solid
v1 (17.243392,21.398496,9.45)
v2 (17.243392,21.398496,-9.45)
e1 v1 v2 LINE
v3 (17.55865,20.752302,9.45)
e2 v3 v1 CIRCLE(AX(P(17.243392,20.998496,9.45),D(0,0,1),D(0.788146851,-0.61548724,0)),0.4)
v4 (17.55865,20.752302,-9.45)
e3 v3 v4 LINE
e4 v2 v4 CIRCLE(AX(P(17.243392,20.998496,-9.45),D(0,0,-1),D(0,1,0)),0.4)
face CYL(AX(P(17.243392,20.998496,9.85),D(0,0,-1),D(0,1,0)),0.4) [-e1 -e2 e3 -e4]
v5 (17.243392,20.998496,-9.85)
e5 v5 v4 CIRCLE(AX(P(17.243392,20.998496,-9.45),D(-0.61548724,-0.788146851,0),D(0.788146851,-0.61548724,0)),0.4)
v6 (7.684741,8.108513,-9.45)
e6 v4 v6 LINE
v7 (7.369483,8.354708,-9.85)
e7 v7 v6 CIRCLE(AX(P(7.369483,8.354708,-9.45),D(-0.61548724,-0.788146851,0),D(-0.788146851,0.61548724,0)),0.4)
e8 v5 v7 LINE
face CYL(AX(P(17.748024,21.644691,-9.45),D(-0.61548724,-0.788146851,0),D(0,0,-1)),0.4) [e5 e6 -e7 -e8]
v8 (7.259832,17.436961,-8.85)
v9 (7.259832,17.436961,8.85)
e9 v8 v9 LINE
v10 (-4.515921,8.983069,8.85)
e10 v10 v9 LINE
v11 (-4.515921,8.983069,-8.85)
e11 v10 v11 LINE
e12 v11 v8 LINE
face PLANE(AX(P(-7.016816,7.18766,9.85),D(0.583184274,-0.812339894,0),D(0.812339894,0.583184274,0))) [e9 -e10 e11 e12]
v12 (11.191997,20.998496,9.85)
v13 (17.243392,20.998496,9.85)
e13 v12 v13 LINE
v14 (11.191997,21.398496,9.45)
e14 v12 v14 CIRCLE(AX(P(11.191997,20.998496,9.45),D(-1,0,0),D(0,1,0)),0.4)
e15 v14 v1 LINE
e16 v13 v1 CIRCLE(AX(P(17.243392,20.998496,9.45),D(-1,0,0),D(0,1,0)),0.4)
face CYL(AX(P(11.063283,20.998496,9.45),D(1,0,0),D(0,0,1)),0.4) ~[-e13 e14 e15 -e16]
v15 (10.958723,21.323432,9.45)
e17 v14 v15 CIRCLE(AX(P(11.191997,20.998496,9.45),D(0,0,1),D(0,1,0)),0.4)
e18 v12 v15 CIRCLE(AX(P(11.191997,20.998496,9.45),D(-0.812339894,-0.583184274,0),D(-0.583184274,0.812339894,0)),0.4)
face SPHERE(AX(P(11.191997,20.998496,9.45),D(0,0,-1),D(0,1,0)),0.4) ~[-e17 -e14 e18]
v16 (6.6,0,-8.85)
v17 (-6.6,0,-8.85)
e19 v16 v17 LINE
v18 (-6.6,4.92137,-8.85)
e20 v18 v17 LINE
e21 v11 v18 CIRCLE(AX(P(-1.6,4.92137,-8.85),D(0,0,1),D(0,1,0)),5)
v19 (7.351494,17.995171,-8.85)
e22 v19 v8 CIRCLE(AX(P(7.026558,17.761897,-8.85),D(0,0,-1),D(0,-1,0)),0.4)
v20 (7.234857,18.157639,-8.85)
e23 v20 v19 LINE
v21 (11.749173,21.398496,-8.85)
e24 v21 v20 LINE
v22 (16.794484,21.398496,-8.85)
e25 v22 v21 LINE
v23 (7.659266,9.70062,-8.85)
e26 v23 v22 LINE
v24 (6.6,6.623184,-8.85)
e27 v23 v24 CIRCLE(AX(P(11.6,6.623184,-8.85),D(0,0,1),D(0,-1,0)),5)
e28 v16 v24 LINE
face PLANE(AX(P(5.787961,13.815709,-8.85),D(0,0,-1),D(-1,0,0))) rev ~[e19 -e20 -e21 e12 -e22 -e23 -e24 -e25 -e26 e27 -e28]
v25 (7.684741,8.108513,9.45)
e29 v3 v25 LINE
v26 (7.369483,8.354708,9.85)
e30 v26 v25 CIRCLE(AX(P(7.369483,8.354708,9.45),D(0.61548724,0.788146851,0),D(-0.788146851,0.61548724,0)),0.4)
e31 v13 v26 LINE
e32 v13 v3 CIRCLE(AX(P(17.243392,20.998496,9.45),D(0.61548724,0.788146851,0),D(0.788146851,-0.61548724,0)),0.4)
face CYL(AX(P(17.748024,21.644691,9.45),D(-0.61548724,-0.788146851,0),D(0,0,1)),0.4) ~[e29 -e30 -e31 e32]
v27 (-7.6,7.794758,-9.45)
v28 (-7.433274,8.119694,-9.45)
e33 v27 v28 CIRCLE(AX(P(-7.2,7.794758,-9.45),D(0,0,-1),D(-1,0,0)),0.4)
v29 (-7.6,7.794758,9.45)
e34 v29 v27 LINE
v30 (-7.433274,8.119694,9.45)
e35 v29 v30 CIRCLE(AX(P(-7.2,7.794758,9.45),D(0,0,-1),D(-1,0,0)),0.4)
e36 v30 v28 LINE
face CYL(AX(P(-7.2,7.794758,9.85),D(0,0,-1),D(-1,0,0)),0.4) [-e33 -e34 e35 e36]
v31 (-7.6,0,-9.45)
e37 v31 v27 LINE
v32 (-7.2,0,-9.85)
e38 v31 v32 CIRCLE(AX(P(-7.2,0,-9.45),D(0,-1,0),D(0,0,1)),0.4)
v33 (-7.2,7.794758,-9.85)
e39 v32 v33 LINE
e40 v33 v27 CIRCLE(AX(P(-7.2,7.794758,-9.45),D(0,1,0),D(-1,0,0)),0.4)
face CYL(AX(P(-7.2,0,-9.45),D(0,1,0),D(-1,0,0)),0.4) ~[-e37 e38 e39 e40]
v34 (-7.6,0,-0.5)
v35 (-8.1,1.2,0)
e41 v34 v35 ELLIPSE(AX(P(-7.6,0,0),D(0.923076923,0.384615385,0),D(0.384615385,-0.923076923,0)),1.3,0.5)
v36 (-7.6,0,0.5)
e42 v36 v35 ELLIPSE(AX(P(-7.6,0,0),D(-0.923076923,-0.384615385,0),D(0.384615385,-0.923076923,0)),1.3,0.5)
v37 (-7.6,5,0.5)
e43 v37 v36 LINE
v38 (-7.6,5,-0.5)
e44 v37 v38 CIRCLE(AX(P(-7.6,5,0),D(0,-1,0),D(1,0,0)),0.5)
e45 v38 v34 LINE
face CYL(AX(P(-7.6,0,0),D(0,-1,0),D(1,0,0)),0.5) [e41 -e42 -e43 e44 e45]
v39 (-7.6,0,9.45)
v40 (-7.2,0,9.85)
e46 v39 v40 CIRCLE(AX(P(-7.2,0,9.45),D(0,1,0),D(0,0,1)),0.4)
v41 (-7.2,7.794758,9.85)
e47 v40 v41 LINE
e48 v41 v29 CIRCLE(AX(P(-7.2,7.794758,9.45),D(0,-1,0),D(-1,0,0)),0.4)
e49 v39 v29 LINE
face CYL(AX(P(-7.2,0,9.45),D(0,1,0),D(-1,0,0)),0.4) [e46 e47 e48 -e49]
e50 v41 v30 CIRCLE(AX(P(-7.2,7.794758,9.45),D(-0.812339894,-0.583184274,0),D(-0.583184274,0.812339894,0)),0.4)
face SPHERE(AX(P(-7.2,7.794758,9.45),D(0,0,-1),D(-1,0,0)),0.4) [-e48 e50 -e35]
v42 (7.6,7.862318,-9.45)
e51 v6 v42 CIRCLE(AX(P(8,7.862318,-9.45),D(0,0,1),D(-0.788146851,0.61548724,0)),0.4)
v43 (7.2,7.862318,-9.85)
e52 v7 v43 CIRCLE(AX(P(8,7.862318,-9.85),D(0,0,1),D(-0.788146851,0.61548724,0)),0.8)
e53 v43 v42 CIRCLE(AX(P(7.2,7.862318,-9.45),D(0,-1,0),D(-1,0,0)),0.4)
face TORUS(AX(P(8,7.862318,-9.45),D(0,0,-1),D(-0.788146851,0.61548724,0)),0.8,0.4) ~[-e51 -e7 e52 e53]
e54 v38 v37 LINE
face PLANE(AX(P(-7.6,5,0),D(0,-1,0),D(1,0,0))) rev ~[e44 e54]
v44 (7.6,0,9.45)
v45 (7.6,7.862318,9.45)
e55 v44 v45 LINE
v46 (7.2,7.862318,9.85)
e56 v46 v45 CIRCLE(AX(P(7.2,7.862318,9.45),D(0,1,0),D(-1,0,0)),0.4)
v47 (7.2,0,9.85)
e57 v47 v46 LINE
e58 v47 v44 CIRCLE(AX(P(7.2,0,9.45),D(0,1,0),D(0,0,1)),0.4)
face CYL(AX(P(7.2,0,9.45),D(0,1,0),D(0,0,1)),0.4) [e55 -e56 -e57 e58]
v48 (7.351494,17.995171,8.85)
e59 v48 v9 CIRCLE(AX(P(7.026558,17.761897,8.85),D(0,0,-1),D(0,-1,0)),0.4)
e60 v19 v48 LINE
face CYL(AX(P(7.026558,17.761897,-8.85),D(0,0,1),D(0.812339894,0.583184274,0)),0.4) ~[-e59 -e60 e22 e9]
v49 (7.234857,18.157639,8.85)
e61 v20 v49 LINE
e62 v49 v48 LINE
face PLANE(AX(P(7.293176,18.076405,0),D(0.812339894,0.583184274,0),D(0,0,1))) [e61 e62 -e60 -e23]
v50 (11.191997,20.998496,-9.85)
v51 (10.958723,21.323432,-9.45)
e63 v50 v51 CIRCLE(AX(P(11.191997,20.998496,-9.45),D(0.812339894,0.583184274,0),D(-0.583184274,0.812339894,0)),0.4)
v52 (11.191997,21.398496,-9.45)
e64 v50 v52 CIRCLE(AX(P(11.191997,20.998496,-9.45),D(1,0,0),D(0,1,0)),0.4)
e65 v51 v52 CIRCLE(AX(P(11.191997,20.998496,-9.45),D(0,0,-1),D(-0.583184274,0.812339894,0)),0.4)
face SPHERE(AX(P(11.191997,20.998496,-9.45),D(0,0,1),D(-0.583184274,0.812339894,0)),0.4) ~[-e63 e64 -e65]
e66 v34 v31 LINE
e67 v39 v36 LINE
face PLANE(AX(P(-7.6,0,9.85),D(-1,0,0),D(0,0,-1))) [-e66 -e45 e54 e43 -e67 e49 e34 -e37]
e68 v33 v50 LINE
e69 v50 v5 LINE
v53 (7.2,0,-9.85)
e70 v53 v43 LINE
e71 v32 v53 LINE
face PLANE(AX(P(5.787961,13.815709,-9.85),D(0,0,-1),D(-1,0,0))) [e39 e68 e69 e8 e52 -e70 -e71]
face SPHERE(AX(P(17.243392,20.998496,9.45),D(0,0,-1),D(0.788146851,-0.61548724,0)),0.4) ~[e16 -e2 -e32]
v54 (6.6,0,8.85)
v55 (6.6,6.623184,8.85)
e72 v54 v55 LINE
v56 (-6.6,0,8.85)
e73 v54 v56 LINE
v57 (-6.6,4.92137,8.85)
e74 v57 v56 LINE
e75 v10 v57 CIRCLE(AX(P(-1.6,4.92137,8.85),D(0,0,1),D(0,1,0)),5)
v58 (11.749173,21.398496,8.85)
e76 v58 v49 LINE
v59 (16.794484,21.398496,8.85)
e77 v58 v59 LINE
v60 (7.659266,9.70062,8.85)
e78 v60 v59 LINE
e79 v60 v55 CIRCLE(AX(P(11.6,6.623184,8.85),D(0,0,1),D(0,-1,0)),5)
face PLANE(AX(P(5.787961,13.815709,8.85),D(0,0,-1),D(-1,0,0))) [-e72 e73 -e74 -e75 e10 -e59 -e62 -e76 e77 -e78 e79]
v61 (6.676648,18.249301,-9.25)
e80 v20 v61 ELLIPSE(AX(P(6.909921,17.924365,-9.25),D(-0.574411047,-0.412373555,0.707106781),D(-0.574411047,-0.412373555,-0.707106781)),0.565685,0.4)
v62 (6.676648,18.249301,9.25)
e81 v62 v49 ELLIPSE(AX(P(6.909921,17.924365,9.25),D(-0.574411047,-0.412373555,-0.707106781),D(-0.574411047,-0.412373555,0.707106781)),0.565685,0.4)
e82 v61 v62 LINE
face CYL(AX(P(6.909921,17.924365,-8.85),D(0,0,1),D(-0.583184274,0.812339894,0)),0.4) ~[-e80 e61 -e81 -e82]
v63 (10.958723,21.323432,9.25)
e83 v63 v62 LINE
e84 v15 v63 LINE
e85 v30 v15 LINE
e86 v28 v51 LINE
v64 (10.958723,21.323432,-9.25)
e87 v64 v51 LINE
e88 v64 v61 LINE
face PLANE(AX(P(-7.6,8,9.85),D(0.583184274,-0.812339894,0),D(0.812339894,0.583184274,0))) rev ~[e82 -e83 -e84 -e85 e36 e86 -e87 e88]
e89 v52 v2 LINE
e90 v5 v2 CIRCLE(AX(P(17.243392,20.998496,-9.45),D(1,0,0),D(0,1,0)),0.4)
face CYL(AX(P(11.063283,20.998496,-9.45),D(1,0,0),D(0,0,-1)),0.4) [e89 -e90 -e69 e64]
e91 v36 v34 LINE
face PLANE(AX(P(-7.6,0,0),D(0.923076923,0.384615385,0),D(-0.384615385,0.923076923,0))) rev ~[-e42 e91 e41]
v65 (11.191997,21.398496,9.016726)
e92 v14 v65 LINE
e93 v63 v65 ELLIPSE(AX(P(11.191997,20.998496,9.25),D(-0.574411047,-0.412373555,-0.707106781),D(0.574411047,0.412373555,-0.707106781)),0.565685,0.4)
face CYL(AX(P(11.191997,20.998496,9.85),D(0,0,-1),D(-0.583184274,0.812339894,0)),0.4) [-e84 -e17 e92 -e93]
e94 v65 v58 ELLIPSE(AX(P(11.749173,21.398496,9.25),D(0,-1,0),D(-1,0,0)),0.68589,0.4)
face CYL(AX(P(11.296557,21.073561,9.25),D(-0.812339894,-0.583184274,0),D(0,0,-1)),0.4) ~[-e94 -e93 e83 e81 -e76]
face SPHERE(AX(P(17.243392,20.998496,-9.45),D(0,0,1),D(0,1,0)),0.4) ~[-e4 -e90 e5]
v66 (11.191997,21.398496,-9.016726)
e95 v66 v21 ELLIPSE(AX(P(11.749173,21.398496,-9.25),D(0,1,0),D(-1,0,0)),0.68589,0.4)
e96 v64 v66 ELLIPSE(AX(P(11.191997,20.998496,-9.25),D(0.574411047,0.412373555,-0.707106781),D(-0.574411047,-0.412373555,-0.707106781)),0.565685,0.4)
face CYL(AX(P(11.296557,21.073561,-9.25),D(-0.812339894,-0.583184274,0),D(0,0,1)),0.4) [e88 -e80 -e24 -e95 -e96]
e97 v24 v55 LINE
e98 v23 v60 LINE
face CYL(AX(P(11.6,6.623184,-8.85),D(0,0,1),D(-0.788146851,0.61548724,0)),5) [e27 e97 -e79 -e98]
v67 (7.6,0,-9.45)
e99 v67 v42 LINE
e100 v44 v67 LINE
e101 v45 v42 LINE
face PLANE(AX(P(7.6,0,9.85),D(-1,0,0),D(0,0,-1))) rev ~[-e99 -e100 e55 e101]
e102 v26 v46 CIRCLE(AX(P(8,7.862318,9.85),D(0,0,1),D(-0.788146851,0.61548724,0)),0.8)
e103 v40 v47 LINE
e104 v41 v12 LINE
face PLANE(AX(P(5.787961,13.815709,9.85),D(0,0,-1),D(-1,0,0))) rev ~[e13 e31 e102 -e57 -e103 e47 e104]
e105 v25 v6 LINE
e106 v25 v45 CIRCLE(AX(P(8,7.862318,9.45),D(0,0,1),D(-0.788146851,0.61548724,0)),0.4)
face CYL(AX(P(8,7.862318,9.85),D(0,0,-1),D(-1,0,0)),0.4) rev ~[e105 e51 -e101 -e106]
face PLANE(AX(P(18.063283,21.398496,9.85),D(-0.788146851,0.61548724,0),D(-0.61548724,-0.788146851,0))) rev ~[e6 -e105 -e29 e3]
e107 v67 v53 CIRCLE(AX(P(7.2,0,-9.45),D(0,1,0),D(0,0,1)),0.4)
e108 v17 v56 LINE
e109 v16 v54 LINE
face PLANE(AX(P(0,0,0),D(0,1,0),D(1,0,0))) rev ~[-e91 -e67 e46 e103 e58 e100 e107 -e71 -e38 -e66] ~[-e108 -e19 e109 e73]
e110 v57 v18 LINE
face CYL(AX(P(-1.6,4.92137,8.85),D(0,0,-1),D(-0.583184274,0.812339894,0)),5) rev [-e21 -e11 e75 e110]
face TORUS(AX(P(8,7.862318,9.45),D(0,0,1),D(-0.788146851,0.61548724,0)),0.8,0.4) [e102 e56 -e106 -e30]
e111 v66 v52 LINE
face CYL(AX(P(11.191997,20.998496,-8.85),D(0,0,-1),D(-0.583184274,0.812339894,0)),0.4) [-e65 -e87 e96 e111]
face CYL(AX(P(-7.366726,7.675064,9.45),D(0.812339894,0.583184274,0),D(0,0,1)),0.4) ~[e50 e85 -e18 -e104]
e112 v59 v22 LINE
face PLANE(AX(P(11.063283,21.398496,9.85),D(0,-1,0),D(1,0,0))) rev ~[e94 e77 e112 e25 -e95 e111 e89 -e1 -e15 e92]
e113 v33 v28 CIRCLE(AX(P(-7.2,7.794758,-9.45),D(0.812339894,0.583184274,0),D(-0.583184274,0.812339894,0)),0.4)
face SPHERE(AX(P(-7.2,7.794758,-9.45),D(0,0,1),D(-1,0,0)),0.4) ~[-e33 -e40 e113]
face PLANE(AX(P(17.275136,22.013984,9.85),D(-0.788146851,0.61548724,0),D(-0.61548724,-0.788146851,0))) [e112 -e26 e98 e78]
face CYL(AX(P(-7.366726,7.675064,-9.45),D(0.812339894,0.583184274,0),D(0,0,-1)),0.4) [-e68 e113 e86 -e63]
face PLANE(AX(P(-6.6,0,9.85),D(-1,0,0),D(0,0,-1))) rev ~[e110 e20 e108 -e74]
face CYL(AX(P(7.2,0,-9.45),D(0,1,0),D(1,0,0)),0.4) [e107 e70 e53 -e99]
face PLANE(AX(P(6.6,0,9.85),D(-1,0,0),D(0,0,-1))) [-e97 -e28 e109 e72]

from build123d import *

# Parameters (mm, degrees)
SKETCH1_W               = 15.2
SKETCH1_H               = 19.7
EXTRUDE1_DEPTH          = 8
BOSS_EXTRUDE1_DEPTH     = 19.7
SHELL1_T                = -1
SKETCH5_R               = 0.5
EXTRUDE4_DEPTH          = 5
EXTRUDE7_DEPTH          = 10.85
EXTRUDE7_DEPTH_BACK     = 10.85
SKETCH14_W              = 17.7
SKETCH14_H              = 1
CUT_EXTRUDE1_DEPTH      = 6.686379255
CUT_EXTRUDE1_DEPTH_BACK = 5
FILLET1_R               = 0.4
FILLET3_R               = 0.4
FILLET4_R               = 5


with BuildPart() as part:
    # Sketch1 → Extrude1 (new body)
    with BuildSketch(Plane(origin=(0, 0, 0), x_dir=(1, 0, 0), z_dir=(0, 1, 0))):
        Rectangle(SKETCH1_W, SKETCH1_H)
    extrude(amount=EXTRUDE1_DEPTH)

    # Sketch11 → Boss-Extrude1 (add)
    with BuildSketch(Plane.XY.offset(9.85)):
        Polygon((-7.6, 8), (11.063283072, 21.398496459), (18.063283072, 21.398496459), (7.6, 8), align=None)
    extrude(amount=-BOSS_EXTRUDE1_DEPTH)

    # Shell1
    shell1_openings = [part.faces().sort_by_distance(p)[0] for p in [
        (14.563283072, 21.398496459, 0),
        (0, 0, 0),
    ]]
    offset(amount=SHELL1_T, openings=shell1_openings, kind=Kind.INTERSECTION)

    # Sketch5 → Extrude4 (add)
    with BuildSketch(Plane.XZ):
        with Locations((-7.6, 0)):
            Circle(SKETCH5_R)
    extrude(amount=-EXTRUDE4_DEPTH)

    # Sketch9 → Extrude7 (cut, two sides)
    with BuildSketch(Plane.XY) as extrude7_sk:
        Polygon((-7.6, 0), (-8.1, 1.2), (-8.1, 0), align=None)
    extrude(amount=EXTRUDE7_DEPTH, mode=Mode.SUBTRACT)
    extrude(extrude7_sk.sketch, amount=-EXTRUDE7_DEPTH_BACK, mode=Mode.SUBTRACT)

    # Sketch14 → Cut-Extrude1 (cut, two sides)
    with BuildSketch(Plane(origin=(17.4380235, 12.51887437, 0), x_dir=(0, 0, 1), z_dir=(0.812339894, 0.583184274, 0))) as cut_extrude1_sk:
        with Locations((0, -10.43091963)):
            Rectangle(SKETCH14_W, SKETCH14_H)
    extrude(amount=CUT_EXTRUDE1_DEPTH, mode=Mode.SUBTRACT)
    extrude(cut_extrude1_sk.sketch, amount=-CUT_EXTRUDE1_DEPTH_BACK, mode=Mode.SUBTRACT)

    # Fillet1
    fillet1_edges = [part.edges().sort_by_distance(p)[0] for p in [
        (7.6, 8, 0),
        (11.063283072, 21.398496459, -9.35),
        (18.063283072, 21.398496459, 0),
        (12.831641536, 14.699248229, 9.85),
        (14.563283072, 21.398496459, 9.85),
        (1.731641536, 14.699248229, 9.85),
        (1.731641536, 14.699248229, -9.85),
        (14.563283072, 21.398496459, -9.85),
        (12.831641536, 14.699248229, -9.85),
        (-7.6, 8, 0),
        (11.063283072, 21.398496459, 9.35),
        (9.032433338, 19.940535774, -8.85),
        (7.001583604, 18.482575089, 0),
        (9.032433338, 19.940535774, 8.85),
        (-7.6, 4, -9.85),
        (7.6, 4, -9.85),
        (7.6, 4, 9.85),
        (-7.6, 4, 9.85),
    ]]
    fillet(fillet1_edges, radius=FILLET1_R)

    # Fillet3
    fillet3_edges = [part.edges().sort_by_distance(p)[0] for p in [
        (7.584767878, 17.670235196, 0),
    ]]
    fillet(fillet3_edges, radius=FILLET3_R)

    # Fillet4
    fillet4_edges = [part.edges().sort_by_distance(p)[0] for p in [
        (-6.6, 7.48689492, 0),
        (6.6, 8.344203967, 0),
    ]]
    fillet(fillet4_edges, radius=FILLET4_R)


solid = part.part
